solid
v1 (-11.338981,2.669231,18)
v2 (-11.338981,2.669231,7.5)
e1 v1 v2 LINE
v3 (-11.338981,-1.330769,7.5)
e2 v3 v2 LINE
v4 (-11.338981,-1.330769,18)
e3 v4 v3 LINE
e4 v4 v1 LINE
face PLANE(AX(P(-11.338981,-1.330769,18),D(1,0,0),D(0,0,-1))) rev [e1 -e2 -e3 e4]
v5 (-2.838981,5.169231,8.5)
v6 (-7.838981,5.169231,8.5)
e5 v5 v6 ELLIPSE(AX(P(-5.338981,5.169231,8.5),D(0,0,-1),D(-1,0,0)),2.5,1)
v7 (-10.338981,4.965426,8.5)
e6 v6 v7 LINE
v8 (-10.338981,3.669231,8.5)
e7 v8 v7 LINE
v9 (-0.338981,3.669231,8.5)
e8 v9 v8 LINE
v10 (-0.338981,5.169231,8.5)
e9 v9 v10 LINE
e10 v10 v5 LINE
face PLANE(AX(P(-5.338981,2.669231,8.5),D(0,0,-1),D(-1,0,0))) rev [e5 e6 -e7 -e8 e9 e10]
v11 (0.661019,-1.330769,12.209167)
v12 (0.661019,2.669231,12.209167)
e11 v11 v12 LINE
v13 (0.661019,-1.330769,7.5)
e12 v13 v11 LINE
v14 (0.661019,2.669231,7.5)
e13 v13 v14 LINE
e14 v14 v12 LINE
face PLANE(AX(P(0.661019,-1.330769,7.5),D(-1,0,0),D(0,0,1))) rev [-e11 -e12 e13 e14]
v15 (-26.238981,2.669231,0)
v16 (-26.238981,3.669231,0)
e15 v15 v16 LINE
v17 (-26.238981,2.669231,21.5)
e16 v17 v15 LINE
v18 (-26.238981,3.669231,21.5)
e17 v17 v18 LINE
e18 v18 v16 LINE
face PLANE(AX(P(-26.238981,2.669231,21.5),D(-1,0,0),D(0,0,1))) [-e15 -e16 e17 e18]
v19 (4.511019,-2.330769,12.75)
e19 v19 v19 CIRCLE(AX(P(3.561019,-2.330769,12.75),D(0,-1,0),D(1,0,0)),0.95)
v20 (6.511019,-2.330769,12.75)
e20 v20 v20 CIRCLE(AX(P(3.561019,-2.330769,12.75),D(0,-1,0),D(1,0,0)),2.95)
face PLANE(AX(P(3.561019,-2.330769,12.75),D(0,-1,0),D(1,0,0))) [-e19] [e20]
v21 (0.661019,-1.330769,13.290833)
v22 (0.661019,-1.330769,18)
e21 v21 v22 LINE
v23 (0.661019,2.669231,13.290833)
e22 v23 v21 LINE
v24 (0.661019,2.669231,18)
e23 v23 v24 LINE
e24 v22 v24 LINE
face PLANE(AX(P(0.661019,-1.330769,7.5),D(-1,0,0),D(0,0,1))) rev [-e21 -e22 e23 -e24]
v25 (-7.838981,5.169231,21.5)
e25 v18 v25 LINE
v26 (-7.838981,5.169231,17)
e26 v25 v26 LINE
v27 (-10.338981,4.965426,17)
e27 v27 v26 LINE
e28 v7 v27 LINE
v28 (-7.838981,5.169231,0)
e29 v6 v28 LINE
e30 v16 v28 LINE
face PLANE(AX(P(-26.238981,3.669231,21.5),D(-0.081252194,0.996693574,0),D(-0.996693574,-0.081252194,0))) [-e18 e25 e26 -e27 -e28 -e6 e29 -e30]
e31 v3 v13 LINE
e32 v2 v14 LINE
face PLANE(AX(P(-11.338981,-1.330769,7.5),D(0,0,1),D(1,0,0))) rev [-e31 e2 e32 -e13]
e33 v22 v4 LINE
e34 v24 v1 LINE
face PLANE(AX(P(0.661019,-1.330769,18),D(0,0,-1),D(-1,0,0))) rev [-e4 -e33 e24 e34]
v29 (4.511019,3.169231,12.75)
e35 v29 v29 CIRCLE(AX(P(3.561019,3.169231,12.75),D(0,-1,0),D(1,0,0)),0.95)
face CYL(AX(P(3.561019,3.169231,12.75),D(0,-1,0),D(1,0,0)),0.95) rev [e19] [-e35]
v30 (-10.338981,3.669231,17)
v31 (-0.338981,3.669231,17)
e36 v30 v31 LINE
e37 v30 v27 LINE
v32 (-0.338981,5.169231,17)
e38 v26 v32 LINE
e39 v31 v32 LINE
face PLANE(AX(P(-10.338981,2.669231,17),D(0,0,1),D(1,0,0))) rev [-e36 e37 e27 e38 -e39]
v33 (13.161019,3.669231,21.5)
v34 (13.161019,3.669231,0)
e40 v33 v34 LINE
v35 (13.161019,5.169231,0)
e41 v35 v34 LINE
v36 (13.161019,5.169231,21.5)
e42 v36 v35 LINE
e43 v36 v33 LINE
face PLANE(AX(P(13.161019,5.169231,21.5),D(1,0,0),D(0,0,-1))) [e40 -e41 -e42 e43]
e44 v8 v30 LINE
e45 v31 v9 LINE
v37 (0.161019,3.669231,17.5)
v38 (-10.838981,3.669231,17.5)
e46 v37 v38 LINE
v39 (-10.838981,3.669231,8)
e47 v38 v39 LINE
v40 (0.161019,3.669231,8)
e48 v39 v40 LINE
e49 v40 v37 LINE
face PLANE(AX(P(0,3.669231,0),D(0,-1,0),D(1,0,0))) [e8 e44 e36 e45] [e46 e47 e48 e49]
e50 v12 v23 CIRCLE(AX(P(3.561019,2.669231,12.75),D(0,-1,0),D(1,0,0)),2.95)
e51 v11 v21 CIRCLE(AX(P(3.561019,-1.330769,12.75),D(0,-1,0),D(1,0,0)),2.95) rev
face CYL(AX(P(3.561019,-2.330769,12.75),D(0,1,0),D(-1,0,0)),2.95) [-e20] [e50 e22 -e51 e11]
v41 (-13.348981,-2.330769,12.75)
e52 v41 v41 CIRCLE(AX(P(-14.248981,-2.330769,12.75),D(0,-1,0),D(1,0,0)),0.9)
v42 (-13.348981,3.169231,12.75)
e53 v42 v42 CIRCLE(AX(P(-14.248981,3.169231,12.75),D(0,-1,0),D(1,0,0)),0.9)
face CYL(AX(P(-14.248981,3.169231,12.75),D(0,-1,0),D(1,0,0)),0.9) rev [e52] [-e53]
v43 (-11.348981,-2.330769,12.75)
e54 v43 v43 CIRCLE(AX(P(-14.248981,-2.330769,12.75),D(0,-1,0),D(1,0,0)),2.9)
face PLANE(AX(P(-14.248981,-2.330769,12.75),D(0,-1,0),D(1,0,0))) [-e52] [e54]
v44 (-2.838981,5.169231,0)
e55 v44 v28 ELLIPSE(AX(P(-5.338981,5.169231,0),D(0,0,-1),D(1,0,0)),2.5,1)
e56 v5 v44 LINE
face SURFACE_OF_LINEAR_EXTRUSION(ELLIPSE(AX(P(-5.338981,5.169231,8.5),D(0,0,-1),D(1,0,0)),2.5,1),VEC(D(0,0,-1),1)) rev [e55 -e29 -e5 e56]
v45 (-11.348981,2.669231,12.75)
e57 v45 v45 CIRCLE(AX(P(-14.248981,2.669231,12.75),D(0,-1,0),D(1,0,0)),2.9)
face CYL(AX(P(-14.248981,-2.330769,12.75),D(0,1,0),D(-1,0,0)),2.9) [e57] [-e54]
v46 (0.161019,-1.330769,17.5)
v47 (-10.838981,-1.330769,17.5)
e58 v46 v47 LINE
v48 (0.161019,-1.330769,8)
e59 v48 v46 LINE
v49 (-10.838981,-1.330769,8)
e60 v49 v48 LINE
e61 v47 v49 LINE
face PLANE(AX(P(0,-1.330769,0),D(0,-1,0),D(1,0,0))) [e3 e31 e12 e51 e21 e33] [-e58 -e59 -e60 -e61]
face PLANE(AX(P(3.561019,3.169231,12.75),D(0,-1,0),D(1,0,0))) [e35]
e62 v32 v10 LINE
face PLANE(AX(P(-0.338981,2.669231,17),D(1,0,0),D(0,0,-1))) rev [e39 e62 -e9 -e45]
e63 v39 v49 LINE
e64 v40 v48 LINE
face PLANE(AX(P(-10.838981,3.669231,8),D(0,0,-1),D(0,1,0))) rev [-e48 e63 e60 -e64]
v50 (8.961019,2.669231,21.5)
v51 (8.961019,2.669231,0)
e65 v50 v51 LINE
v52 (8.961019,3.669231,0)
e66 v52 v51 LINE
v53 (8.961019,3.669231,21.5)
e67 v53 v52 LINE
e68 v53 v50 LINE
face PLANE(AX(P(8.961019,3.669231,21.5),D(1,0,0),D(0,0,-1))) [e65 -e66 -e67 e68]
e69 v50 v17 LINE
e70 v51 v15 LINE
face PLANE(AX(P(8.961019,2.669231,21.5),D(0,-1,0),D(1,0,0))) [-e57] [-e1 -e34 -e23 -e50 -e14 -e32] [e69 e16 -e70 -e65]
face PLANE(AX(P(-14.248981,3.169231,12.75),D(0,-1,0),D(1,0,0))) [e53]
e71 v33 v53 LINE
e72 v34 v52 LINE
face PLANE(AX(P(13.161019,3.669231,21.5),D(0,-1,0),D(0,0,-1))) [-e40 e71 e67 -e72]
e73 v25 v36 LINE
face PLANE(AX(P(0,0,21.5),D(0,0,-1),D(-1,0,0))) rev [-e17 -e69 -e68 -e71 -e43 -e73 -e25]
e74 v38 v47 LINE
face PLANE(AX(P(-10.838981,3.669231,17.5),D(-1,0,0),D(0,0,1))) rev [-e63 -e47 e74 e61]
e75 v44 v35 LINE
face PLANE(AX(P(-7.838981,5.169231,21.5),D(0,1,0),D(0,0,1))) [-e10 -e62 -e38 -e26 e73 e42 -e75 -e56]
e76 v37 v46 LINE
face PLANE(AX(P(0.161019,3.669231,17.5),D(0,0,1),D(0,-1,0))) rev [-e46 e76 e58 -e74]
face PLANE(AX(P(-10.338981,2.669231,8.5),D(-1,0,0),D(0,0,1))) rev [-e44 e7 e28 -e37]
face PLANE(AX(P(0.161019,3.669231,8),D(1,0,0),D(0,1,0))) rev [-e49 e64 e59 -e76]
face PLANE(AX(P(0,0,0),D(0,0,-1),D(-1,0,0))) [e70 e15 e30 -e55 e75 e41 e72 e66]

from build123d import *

# Parameters (mm, degrees)
SALIENTE_EXTRUIR1_DEPTH  = 21.5
CORTAR_EXTRUIR1_DEPTH    = 8.5
CORTAR_EXTRUIR2_DEPTH    = 3.5000001
CROQUIS5_W               = 12
CROQUIS5_H               = 10.5
SALIENTE_EXTRUIR2_DEPTH  = 4
CROQUIS6_W               = 11
CROQUIS6_H               = 9.5
CORTAR_EXTRUIR3_DEPTH    = 5
CROQUIS8_R               = 2.95
SALIENTE_EXTRUIR8_DEPTH  = 5
CROQUIS9_R               = 0.95
CORTAR_EXTRUIR4_DEPTH    = 5.5
CROQUIS12_R              = 2.9
SALIENTE_EXTRUIR14_DEPTH = 5
CROQUIS13_R              = 0.9
CORTAR_EXTRUIR5_DEPTH    = 5.5


with BuildPart() as part:
    # Croquis1 → Saliente-Extruir1 (new body)
    with BuildSketch(Plane.XY):
        Polygon((-7.838981289, 5.169230769), (13.161018711, 5.169230769), (13.161018711, 3.669230769), (8.961018711, 3.669230769), (8.961018711, 2.669230769), (-26.238981289, 2.669230769), (-26.238981289, 3.669230769), align=None)
    extrude(amount=SALIENTE_EXTRUIR1_DEPTH)

    # Croquis2 → Cortar-Extruir1 (cut)
    with BuildSketch(Plane(origin=(0, 0, 0), x_dir=(-1, 0, 0), z_dir=(0, 0, -1))):
        with BuildLine():
            Line((2.838981289, 5.169230769), (7.838981289, 5.169230769))
            add(Edge.make_bspline(
                [(5.338981289, 4.169230769), (7.838981289, 4.169230769), (7.838981289, 5.169230769)],
                knots=[4.71238898, 4.71238898, 4.71238898, 6.283185307, 6.283185307, 6.283185307], degree=2, weights=[1, 0.707106781, 1]))
            add(Edge.make_bspline(
                [(2.838981289, 5.169230769), (2.838981289, 4.169230769), (5.338981289, 4.169230769)],
                knots=[0, 0, 0, 1.570796327, 1.570796327, 1.570796327], degree=2, weights=[1, 0.707106781, 1]))
        make_face()
    extrude(amount=-CORTAR_EXTRUIR1_DEPTH, mode=Mode.SUBTRACT)

    # Croquis3 → Cortar-Extruir2 (cut, through all)
    with BuildSketch(Plane(origin=(0, 5.169230769, 0), x_dir=(1, 0, 0), z_dir=(0, 1, 0))):
        Polygon((-5.338981289, -8.5), (-10.338981289, -8.5), (-10.338981289, -17), (-0.338981289, -17), (-0.338981289, -8.5), align=None)
    extrude(amount=-CORTAR_EXTRUIR2_DEPTH, mode=Mode.SUBTRACT)

    # Croquis5 → Saliente-Extruir2 (add)
    with BuildSketch(Plane.XZ.offset(-2.669230769)):
        with Locations((-5.338981289, 12.75)):
            Rectangle(CROQUIS5_W, CROQUIS5_H)
    extrude(amount=SALIENTE_EXTRUIR2_DEPTH)

    # Croquis6 → Cortar-Extruir3 (cut)
    with BuildSketch(Plane.XZ.offset(1.330769231)):
        with Locations((-5.338981289, 12.75)):
            Rectangle(CROQUIS6_W, CROQUIS6_H)
    extrude(amount=-CORTAR_EXTRUIR3_DEPTH, mode=Mode.SUBTRACT)

    # Croquis8 → Saliente-Extruir8 (add)
    with BuildSketch(Plane.XZ.offset(-2.669230769)):
        with Locations((3.561018711, 12.75)):
            Circle(CROQUIS8_R)
    extrude(amount=SALIENTE_EXTRUIR8_DEPTH)

    # Croquis9 → Cortar-Extruir4 (cut)
    with BuildSketch(Plane.XZ.offset(2.330769231)):
        with Locations((3.561018711, 12.75)):
            Circle(CROQUIS9_R)
    extrude(amount=-CORTAR_EXTRUIR4_DEPTH, mode=Mode.SUBTRACT)

    # Croquis12 → Saliente-Extruir14 (add)
    with BuildSketch(Plane.XZ.offset(-2.669230769)):
        with Locations((-14.248981289, 12.75)):
            Circle(CROQUIS12_R)
    extrude(amount=SALIENTE_EXTRUIR14_DEPTH)

    # Croquis13 → Cortar-Extruir5 (cut)
    with BuildSketch(Plane.XZ.offset(2.330769231)):
        with Locations((-14.248981289, 12.75)):
            Circle(CROQUIS13_R)
    extrude(amount=-CORTAR_EXTRUIR5_DEPTH, mode=Mode.SUBTRACT)


solid = part.part
